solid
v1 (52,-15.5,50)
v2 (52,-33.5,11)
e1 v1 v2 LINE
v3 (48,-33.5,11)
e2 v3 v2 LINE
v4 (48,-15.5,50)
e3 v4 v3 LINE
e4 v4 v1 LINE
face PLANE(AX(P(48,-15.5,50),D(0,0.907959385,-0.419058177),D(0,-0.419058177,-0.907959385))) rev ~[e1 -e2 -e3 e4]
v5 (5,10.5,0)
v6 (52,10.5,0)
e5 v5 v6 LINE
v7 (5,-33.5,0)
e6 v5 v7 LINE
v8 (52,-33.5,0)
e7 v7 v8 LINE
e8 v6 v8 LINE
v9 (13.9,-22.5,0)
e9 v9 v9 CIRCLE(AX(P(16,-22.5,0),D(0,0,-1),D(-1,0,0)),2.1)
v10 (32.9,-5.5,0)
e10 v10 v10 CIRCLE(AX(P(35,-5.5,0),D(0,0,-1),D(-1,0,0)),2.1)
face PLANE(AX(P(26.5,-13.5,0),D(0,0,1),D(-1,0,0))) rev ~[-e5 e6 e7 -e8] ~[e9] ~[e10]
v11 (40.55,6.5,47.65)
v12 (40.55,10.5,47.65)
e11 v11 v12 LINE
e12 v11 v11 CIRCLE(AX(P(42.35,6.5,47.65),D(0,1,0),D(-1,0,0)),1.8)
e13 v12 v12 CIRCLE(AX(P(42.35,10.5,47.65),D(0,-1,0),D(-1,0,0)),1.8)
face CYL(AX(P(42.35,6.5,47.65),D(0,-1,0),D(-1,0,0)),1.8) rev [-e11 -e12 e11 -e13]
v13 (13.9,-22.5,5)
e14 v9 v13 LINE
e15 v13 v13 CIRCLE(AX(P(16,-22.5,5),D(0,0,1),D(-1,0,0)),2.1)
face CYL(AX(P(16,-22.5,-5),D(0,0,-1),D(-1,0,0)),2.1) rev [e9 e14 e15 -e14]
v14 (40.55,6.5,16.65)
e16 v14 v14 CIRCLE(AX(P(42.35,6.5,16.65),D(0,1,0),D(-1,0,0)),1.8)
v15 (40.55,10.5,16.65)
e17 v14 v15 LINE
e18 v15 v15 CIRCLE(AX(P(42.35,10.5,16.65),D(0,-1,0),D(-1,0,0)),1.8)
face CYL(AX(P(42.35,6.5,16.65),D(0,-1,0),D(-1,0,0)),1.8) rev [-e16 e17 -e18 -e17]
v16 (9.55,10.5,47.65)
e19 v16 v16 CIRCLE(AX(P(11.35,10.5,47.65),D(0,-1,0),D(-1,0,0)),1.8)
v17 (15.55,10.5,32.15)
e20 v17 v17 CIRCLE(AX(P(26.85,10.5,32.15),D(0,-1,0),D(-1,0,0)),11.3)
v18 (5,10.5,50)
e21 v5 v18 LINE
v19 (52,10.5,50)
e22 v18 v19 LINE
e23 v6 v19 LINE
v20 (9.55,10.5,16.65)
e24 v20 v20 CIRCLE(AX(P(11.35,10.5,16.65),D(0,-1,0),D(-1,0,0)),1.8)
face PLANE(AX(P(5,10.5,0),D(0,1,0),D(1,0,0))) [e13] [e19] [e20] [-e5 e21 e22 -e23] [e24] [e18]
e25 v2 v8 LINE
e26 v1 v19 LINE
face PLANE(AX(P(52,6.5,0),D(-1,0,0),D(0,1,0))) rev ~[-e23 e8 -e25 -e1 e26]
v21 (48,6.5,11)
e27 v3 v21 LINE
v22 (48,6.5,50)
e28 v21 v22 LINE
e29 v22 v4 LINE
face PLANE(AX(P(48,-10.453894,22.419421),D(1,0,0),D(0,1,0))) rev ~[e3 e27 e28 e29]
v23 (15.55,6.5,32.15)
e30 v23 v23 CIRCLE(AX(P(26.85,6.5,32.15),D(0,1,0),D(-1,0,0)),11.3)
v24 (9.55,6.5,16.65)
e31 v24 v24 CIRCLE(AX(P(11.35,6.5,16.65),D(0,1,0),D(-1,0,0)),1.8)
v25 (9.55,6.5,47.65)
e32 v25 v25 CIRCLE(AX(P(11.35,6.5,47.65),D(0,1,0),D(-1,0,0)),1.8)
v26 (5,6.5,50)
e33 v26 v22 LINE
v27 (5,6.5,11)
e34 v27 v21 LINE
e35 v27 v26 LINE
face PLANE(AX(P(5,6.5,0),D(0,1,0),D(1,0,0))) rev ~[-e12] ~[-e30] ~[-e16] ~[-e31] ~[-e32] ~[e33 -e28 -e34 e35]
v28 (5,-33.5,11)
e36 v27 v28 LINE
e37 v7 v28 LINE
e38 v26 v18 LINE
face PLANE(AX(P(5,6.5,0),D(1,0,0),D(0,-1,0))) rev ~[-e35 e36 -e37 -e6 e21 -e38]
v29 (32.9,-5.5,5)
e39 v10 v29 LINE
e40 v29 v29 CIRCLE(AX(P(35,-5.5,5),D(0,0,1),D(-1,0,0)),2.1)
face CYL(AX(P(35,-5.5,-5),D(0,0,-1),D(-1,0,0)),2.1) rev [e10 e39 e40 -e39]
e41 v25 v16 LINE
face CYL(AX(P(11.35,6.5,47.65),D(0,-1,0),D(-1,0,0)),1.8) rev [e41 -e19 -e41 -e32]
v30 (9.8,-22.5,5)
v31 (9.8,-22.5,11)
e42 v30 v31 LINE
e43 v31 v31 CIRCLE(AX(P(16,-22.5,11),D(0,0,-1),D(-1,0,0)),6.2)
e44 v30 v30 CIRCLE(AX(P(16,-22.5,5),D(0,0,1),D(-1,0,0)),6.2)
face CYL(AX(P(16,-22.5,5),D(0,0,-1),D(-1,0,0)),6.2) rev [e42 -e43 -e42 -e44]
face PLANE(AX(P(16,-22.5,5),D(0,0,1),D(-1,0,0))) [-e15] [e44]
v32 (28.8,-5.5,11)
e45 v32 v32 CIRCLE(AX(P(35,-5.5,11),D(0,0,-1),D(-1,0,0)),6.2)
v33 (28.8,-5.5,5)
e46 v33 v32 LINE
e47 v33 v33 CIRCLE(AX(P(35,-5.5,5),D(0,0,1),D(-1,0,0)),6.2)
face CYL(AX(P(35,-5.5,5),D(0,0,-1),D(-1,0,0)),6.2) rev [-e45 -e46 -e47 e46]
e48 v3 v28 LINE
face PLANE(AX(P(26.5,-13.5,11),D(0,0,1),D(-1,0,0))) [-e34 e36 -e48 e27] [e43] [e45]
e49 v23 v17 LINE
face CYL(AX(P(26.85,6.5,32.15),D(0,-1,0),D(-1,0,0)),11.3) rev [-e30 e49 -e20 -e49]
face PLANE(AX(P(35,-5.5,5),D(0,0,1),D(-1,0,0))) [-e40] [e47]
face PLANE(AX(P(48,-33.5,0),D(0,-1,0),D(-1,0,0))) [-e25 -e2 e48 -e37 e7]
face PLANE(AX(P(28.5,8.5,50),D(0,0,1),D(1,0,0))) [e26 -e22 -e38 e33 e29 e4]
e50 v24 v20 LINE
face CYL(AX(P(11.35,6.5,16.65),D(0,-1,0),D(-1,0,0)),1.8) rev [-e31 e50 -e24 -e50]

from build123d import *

# Parameters (mm, degrees)
CYLINDER108_R          = 1.8
CYLINDER108_DEPTH      = 10
CYLINDER111_R          = 1.8
CYLINDER111_DEPTH      = 10
CYLINDER109_R          = 1.8
CYLINDER109_DEPTH      = 10
CYLINDER110_R          = 1.8
CYLINDER110_DEPTH      = 10
CYLINDER106_R          = 2.5
CYLINDER106_DEPTH      = 24
CYLINDER107_R          = 11.3
CYLINDER107_DEPTH      = 6
BOX038_W               = 42.3
BOX038_H               = 39.8
BOX038_DEPTH           = 42.3
CYLINDER102_R          = 6.2
CYLINDER102_DEPTH      = 30
CYLINDER103_R          = 2.1
CYLINDER103_DEPTH      = 10
CYLINDER104_R          = 6.2
CYLINDER104_DEPTH      = 30
CYLINDER105_R          = 2.1
CYLINDER105_DEPTH      = 10
BOX037_W               = 47
BOX037_H               = 4
BOX037_DEPTH           = 50
BOX036_W               = 43
BOX036_H               = 40
BOX036_DEPTH           = 11
EXTRUDE_DEPTH          = 4
CUT097_PLACEMENT_ANGLE = 180


with BuildPart() as cylinder108:
    # Cylinder108 → Cylinder108 (new body)
    with BuildSketch(Plane(origin=(5.65, 0, 36.65), x_dir=(1, 0, 0), z_dir=(0, -1, 0))):
        Circle(CYLINDER108_R)
    extrude(amount=CYLINDER108_DEPTH)


with BuildPart() as cylinder111:
    # Cylinder111 → Cylinder111 (new body)
    with BuildSketch(Plane(origin=(36.65, 0, 36.65), x_dir=(1, 0, 0), z_dir=(0, -1, 0))):
        Circle(CYLINDER111_R)
    extrude(amount=CYLINDER111_DEPTH)


with BuildPart() as cylinder109:
    # Cylinder109 → Cylinder109 (new body)
    with BuildSketch(Plane(origin=(5.65, 0, 5.65), x_dir=(1, 0, 0), z_dir=(0, -1, 0))):
        Circle(CYLINDER109_R)
    extrude(amount=CYLINDER109_DEPTH)


with BuildPart() as cylinder110:
    # Cylinder110 → Cylinder110 (new body)
    with BuildSketch(Plane(origin=(36.65, 0, 5.65), x_dir=(1, 0, 0), z_dir=(0, -1, 0))):
        Circle(CYLINDER110_R)
    extrude(amount=CYLINDER110_DEPTH)


with BuildPart() as cylinder106:
    # Cylinder106 → Cylinder106 (new body)
    with BuildSketch(Plane(origin=(21.15, -2, 21.15), x_dir=(1, 0, 0), z_dir=(0, -1, 0))):
        Circle(CYLINDER106_R)
    extrude(amount=CYLINDER106_DEPTH)


with BuildPart() as cylinder107:
    # Cylinder107 → Cylinder107 (new body)
    with BuildSketch(Plane(origin=(21.15, 0, 21.15), x_dir=(1, 0, 0), z_dir=(0, -1, 0))):
        Circle(CYLINDER107_R)
    extrude(amount=CYLINDER107_DEPTH)


with BuildPart() as fusion050:
    # Box038 → Box038 (new body)
    with BuildSketch(Plane.XY):
        with Locations((21.15, 19.9)):
            Rectangle(BOX038_W, BOX038_H)
    extrude(amount=BOX038_DEPTH)

    # Fusion048: union Cylinder107
    add(cylinder107.part)

    # Fusion049: union Cylinder106
    add(cylinder106.part)

    # Fusion050: union Cylinder108, Cylinder111, Cylinder109, Cylinder110
    add(cylinder108.part)
    add(cylinder111.part)
    add(cylinder109.part)
    add(cylinder110.part)


with BuildPart() as fusion050_1:
    # Fusion050 placement: moved
    add(fusion050.part.moved(Location((9, 0, 11))))


with BuildPart() as cylinder102:
    # Cylinder102 → Cylinder102 (new body)
    with BuildSketch(Plane.XY.offset(10)):
        Circle(CYLINDER102_R)
    extrude(amount=CYLINDER102_DEPTH)


with BuildPart() as fusion046:
    # Cylinder103 → Cylinder103 (new body)
    with BuildSketch(Plane.XY):
        Circle(CYLINDER103_R)
    extrude(amount=CYLINDER103_DEPTH)

    # Fusion046: union Cylinder102
    add(cylinder102.part)


with BuildPart() as fusion046_1:
    # Fusion046 placement: moved
    add(fusion046.part.moved(Location((22, 12, -5))))


with BuildPart() as cylinder104:
    # Cylinder104 → Cylinder104 (new body)
    with BuildSketch(Plane.XY.offset(10)):
        Circle(CYLINDER104_R)
    extrude(amount=CYLINDER104_DEPTH)


with BuildPart() as fusion047:
    # Cylinder105 → Cylinder105 (new body)
    with BuildSketch(Plane.XY):
        Circle(CYLINDER105_R)
    extrude(amount=CYLINDER105_DEPTH)

    # Fusion047: union Cylinder104
    add(cylinder104.part)


with BuildPart() as fusion047_1:
    # Fusion047 placement: moved
    add(fusion047.part.moved(Location((41, 29, -5))))


with BuildPart() as box037:
    # Box037 → Box037 (new body)
    with BuildSketch(Plane(origin=(52, 0, 0), x_dir=(-1, 0, 0), z_dir=(0, 0, 1))):
        with Locations((23.5, 2)):
            Rectangle(BOX037_W, BOX037_H)
    extrude(amount=BOX037_DEPTH)


with BuildPart() as box036:
    # Box036 → Box036 (new body)
    with BuildSketch(Plane(origin=(9, 0, 0), x_dir=(1, 0, 0), z_dir=(0, 0, 1))):
        with Locations((21.5, 20)):
            Rectangle(BOX036_W, BOX036_H)
    extrude(amount=BOX036_DEPTH)


with BuildPart() as nema_cronstain:
    # Sketch024 → Extrude (new body)
    with BuildSketch(Plane.YZ):
        Polygon((0, 0), (0, 50), (22, 50), (40, 11), (40, 0), align=None)
    extrude(amount=-EXTRUDE_DEPTH)


with BuildPart() as nema_cronstain_1:
    # Extrude placement: moved
    add(nema_cronstain.part.moved(Location((9, 0, 0))))

    # Fusion045: union Box037, Box036
    add(box037.part)
    add(box036.part)

    # Cut095: cut Fusion047
    add(fusion047_1.part, mode=Mode.SUBTRACT)

    # Cut096: cut Fusion046
    add(fusion046_1.part, mode=Mode.SUBTRACT)

    # Cut097: cut Fusion050
    add(fusion050_1.part, mode=Mode.SUBTRACT)


with BuildPart() as nema_cronstain_2:
    # Cut097 placement: moved
    add(nema_cronstain_1.part.moved(Location((57, 6.5, 0))).rotate(Axis((57, 6.5, 0), (0, 0, 1)), CUT097_PLACEMENT_ANGLE))


solid = nema_cronstain_2.part
